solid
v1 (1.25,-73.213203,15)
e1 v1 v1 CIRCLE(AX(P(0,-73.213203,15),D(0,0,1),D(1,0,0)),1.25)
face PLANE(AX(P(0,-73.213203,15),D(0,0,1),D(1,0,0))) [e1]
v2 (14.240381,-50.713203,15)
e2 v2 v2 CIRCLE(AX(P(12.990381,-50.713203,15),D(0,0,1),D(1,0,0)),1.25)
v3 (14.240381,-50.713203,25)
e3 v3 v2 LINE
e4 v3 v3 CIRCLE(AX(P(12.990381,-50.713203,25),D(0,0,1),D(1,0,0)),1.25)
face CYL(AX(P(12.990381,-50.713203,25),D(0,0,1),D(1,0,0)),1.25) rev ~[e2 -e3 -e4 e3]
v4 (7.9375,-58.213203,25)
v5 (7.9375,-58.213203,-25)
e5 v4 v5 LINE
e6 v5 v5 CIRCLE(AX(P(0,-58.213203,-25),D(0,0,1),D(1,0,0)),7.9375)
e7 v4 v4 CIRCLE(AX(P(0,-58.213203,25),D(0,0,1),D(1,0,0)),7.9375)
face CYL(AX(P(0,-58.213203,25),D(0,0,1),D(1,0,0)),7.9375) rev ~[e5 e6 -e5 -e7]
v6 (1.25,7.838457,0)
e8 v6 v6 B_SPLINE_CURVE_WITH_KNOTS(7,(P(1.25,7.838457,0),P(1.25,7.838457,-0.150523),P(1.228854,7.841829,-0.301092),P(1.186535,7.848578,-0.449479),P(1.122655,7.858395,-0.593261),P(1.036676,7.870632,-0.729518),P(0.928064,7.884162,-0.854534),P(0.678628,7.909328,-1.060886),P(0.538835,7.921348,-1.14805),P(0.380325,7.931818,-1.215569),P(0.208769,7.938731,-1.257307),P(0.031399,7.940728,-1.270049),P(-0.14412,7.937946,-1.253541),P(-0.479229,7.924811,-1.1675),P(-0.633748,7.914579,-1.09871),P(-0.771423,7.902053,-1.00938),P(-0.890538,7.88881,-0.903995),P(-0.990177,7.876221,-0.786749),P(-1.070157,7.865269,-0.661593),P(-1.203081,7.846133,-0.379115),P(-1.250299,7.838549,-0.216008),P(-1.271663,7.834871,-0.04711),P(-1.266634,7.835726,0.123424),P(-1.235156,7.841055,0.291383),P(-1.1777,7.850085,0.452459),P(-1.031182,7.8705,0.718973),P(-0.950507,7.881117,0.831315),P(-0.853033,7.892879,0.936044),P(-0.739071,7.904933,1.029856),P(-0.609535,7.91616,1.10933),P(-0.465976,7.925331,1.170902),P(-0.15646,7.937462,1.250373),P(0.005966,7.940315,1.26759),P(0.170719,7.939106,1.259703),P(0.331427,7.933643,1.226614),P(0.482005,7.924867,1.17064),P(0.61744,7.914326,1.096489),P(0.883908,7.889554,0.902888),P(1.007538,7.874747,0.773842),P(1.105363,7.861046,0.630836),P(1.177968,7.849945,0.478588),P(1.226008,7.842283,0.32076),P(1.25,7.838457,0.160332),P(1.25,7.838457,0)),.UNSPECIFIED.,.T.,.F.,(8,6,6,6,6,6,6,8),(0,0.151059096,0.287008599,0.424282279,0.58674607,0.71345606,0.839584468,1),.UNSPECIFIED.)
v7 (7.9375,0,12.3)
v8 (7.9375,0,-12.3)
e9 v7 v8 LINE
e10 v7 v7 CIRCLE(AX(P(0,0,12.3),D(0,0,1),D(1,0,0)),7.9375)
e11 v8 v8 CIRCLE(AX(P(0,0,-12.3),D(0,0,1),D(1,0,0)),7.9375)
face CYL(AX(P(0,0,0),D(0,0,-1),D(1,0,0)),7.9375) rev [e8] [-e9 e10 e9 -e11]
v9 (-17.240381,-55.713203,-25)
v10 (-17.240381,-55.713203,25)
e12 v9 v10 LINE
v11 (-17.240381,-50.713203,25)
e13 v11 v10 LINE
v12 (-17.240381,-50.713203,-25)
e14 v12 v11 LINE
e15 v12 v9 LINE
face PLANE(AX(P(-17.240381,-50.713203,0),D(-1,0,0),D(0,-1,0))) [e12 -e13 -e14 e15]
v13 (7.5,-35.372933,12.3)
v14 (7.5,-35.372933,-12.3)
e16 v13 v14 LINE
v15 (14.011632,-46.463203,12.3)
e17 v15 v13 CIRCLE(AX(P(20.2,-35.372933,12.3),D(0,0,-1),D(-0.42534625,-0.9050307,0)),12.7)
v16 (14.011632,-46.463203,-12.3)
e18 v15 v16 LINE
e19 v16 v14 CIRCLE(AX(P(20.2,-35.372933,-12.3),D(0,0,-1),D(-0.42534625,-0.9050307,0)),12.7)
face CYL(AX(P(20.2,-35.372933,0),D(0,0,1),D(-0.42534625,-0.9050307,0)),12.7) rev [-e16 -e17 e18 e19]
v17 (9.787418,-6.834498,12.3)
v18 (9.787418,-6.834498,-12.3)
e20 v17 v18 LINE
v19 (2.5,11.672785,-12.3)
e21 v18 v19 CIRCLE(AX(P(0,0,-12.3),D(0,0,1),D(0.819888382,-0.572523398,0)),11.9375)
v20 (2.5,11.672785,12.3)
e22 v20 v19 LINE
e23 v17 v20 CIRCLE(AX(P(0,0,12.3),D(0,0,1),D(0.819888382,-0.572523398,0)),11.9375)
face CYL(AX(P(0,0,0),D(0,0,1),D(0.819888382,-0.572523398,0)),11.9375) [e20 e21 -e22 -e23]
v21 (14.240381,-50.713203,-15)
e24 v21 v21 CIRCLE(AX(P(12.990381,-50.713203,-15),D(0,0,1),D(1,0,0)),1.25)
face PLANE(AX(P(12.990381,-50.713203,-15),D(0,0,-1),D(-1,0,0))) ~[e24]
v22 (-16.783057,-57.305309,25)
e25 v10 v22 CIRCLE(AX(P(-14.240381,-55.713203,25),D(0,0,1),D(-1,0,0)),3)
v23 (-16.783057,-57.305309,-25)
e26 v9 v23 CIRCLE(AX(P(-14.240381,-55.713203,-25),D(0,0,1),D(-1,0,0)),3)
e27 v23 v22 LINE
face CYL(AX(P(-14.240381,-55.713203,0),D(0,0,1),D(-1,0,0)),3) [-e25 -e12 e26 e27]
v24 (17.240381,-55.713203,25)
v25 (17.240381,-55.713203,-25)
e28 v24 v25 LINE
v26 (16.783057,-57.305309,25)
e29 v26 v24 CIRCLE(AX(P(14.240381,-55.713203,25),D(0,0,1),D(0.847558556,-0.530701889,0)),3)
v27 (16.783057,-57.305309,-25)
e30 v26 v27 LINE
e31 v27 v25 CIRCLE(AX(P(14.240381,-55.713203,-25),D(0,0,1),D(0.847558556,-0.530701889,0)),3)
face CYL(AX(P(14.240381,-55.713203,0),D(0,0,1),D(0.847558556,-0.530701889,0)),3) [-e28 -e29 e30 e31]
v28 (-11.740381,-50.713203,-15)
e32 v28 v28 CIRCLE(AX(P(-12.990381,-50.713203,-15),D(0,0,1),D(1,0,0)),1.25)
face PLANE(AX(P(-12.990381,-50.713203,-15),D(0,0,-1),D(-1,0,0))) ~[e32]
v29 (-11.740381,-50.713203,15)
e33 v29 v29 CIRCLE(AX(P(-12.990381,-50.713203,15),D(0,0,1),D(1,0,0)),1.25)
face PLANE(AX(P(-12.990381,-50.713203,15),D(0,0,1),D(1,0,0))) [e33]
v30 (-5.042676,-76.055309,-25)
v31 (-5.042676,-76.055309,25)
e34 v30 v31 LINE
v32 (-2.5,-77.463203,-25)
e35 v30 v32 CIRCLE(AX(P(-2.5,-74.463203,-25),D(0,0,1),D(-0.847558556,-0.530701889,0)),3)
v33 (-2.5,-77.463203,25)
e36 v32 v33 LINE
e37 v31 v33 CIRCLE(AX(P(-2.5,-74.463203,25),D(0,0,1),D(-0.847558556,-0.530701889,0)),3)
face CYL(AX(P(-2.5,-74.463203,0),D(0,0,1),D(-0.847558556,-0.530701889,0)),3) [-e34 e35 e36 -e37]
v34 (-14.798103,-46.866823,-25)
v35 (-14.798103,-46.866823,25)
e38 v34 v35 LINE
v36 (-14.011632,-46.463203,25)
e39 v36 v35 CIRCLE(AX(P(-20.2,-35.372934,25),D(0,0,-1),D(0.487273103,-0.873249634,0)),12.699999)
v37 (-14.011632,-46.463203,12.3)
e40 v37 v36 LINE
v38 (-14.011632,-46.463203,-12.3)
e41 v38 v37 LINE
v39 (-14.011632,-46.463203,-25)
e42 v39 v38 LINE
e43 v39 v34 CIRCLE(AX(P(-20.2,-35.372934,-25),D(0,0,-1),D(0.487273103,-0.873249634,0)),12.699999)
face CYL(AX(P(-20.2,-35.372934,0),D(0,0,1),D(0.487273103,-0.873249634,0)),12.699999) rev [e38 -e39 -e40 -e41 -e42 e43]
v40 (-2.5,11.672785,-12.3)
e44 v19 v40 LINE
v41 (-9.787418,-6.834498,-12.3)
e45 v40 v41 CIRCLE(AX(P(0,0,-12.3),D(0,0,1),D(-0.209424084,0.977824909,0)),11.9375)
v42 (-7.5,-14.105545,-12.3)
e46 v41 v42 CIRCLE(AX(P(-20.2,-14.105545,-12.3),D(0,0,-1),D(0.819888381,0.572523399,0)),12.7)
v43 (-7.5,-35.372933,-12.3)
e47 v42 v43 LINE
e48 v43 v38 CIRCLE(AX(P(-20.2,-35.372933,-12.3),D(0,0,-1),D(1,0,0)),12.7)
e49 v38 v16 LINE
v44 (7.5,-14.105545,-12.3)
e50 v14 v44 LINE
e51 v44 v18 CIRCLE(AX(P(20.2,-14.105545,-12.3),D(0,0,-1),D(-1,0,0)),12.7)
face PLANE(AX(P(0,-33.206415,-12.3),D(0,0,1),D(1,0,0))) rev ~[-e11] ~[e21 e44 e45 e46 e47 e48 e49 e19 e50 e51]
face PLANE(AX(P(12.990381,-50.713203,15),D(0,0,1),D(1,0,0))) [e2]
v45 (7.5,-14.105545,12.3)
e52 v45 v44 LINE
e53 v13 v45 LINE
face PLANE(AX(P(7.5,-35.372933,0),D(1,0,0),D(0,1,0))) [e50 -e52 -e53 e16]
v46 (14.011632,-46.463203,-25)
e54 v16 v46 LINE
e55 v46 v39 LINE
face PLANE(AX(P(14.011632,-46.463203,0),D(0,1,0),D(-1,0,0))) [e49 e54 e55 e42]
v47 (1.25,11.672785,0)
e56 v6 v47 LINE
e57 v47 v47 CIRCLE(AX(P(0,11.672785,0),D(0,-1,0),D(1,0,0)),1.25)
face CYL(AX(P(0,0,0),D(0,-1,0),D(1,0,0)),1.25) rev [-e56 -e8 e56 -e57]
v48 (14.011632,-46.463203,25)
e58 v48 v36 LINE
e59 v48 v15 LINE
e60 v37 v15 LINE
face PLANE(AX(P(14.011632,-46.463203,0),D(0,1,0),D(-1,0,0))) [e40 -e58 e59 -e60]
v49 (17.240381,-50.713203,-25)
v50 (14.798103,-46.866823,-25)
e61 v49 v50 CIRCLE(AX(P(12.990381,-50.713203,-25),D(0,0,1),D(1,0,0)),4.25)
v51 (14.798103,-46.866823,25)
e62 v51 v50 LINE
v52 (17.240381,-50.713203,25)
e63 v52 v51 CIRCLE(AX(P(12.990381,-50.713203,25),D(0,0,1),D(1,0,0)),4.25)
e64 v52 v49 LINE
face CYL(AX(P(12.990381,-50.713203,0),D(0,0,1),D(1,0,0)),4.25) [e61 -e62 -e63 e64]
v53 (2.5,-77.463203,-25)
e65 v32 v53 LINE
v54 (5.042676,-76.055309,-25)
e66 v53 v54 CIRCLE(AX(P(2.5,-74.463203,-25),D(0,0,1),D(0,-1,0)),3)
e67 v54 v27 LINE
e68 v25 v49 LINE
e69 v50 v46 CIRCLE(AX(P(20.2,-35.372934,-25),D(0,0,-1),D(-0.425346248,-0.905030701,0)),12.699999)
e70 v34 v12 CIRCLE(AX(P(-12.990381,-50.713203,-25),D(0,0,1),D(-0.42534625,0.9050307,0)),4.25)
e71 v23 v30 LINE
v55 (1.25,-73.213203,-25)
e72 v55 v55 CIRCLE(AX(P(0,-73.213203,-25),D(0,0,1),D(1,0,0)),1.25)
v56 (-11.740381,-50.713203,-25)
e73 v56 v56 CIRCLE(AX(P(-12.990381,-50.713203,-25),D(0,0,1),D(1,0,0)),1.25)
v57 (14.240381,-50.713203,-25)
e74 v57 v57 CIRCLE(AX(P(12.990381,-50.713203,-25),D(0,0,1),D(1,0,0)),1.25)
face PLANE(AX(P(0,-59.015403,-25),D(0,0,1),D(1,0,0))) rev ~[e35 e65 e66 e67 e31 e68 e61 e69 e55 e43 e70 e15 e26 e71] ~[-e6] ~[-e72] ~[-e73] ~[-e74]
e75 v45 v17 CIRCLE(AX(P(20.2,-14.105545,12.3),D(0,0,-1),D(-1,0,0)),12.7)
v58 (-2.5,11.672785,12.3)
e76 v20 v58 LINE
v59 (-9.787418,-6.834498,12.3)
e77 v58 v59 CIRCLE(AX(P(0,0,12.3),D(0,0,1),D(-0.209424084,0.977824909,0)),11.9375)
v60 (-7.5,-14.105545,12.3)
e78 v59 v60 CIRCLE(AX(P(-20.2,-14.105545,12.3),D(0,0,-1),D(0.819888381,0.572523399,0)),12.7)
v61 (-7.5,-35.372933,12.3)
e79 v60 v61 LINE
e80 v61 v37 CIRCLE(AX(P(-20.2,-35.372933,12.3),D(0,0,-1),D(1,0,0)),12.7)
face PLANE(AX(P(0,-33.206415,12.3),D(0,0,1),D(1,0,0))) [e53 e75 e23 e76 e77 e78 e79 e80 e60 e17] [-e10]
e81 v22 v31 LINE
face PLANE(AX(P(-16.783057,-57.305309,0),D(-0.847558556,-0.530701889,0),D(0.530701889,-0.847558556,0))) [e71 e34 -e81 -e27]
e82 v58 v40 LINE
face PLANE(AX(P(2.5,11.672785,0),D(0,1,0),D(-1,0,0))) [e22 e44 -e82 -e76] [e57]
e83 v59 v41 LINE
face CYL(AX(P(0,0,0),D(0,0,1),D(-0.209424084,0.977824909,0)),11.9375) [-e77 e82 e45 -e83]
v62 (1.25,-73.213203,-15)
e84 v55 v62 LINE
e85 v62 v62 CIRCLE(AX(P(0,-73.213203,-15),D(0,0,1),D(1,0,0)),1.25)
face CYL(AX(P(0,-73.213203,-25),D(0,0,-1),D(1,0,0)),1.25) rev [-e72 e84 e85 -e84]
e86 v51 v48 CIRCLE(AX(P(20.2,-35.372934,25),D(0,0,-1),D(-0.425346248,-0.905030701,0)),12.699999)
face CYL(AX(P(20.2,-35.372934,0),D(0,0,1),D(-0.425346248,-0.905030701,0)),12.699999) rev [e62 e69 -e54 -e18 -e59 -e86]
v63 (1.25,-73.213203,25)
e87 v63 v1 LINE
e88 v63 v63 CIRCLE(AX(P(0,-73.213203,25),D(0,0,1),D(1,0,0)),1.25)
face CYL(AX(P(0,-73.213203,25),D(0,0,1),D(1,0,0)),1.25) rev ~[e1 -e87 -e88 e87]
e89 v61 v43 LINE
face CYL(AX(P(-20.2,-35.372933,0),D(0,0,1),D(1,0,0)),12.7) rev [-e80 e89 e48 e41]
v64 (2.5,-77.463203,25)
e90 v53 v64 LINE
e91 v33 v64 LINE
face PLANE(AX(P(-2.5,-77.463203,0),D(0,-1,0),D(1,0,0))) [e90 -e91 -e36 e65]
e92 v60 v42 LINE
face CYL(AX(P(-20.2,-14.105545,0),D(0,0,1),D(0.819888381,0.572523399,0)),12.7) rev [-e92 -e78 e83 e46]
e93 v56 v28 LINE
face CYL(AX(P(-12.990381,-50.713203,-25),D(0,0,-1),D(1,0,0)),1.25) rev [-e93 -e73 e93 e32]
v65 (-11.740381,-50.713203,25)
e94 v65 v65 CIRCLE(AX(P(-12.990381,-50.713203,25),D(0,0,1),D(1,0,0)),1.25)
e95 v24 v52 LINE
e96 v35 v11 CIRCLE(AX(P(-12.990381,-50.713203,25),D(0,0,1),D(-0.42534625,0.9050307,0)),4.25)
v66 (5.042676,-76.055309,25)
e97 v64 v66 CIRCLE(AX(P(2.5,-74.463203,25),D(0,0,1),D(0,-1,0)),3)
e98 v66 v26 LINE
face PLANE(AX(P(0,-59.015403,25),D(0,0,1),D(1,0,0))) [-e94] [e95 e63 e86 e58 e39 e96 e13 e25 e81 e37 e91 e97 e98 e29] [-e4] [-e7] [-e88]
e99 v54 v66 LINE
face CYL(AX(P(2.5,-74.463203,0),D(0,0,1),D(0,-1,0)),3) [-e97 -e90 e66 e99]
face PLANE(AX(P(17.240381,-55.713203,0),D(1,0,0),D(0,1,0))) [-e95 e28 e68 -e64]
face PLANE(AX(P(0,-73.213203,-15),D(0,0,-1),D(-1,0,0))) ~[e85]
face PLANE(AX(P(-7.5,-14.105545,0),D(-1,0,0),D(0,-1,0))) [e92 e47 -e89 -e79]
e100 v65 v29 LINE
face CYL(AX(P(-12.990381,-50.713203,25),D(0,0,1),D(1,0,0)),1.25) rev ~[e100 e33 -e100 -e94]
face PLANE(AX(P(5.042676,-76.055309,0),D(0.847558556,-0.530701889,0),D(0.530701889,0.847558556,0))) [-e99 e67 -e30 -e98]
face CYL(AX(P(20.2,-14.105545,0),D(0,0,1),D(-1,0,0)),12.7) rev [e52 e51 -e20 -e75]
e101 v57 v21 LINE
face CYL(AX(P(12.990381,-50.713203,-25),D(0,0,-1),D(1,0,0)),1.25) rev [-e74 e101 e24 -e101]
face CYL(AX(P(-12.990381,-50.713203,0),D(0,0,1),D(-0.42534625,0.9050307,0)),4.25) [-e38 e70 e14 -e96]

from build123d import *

# Parameters (mm, degrees)
BOSS_EXTRUDE1_DEPTH = 25
SKETCH1_3_R         = 7.9375
BOSS_EXTRUDE2_DEPTH = 12.3
SKETCH3_R           = 1.25
CUT_EXTRUDE1_DEPTH  = 84.203236869
SKETCH4_R           = 1.25
CUT_EXTRUDE2_DEPTH  = 10
SKETCH5_R           = 7.9375
CUT_EXTRUDE3_DEPTH  = 94.796474483


with BuildPart() as part:
    # Sketch1 → Boss-Extrude1 (new, symmetric)
    with BuildSketch(Plane.XY):
        with BuildLine():
            Line((14.011631608, -46.463203436), (-14.011631608, -46.463203436))
            ThreePointArc((-14.011631608, -46.463203436), (-14.401354266, -46.671858143), (-14.798102621, -46.866822962))
            ThreePointArc((-14.798102621, -46.866822962), (-16.578229761, -48.435081034), (-17.240381057, -50.713203436))
            Line((-17.240381057, -50.713203436), (-17.240381057, -55.713203436))
            ThreePointArc((-17.240381057, -55.713203436), (-17.123784168, -56.541446455), (-16.783056724, -57.305309102))
            Line((-16.783056724, -57.305309102), (-5.042675667, -76.055309102))
            ThreePointArc((-5.042675667, -76.055309102), (-3.953217637, -77.087733584), (-2.5, -77.463203436))
            Line((-2.5, -77.463203436), (2.5, -77.463203436))
            ThreePointArc((2.5, -77.463203436), (3.953217637, -77.087733584), (5.042675667, -76.055309102))
            Line((5.042675667, -76.055309102), (16.783056724, -57.305309102))
            ThreePointArc((16.783056724, -57.305309102), (17.123784168, -56.541446455), (17.240381057, -55.713203436))
            Line((17.240381057, -55.713203436), (17.240381057, -50.713203436))
            ThreePointArc((17.240381057, -50.713203436), (16.578229761, -48.435081034), (14.798102621, -46.866822962))
            ThreePointArc((14.798102621, -46.866822962), (14.401354266, -46.671858143), (14.011631608, -46.463203436))
        make_face()
    extrude(amount=BOSS_EXTRUDE1_DEPTH, both=True)

    # Sketch1<3> → Boss-Extrude2 (add, symmetric)
    with BuildSketch(Plane.XY):
        with BuildLine():
            ThreePointArc((-7.5, -35.372933076), (-9.248235791, -41.803241056), (-14.011631608, -46.463203436))
            Line((-14.011631608, -46.463203436), (14.011631608, -46.463203436))
            ThreePointArc((14.011631608, -46.463203436), (9.248235791, -41.803241056), (7.5, -35.372933076))
            Line((7.5, -35.372933076), (7.5, -14.105545231))
            ThreePointArc((7.5, -14.105545231), (8.085343648, -10.294364118), (9.787417555, -6.83449807))
            ThreePointArc((9.787417555, -6.83449807), (11.107431649, 4.373656183), (2.5, 11.672784854))
            Line((2.5, 11.672784854), (-2.5, 11.672784854))
            ThreePointArc((-2.5, 11.672784854), (-11.107431649, 4.373656183), (-9.787417555, -6.83449807))
            ThreePointArc((-9.787417555, -6.83449807), (-8.085343648, -10.294364118), (-7.5, -14.105545231))
            Line((-7.5, -14.105545231), (-7.5, -35.372933076))
        make_face()
        Circle(SKETCH1_3_R, mode=Mode.SUBTRACT)
    extrude(amount=BOSS_EXTRUDE2_DEPTH, both=True)

    # Sketch3 → Cut-Extrude1 (cut, through all)
    with BuildSketch(Plane(origin=(0, 0, 0), x_dir=(1, 0, 0), z_dir=(0, 1, 0))):
        Circle(SKETCH3_R)
    extrude(amount=CUT_EXTRUDE1_DEPTH, mode=Mode.SUBTRACT)

    # Sketch4 → Cut-Extrude2 (cut)
    with BuildSketch(Plane.XY.offset(25)):
        with Locations((-12.990381057, -50.713203436)):
            Circle(SKETCH4_R)
        with Locations((12.990381057, -50.713203436)):
            Circle(SKETCH4_R)
        with Locations((0, -73.213203436)):
            Circle(SKETCH4_R)
    cut_extrude2 = extrude(amount=-CUT_EXTRUDE2_DEPTH, mode=Mode.SUBTRACT)

    # Mirror1: Cut-Extrude2 across plane
    add(cut_extrude2.mirror(Plane.XY), mode=Mode.SUBTRACT)

    # Sketch5 → Cut-Extrude3 (cut, through all)
    with BuildSketch(Plane.XY.offset(25)):
        with Locations((0, -58.213203436)):
            Circle(SKETCH5_R)
    extrude(amount=-CUT_EXTRUDE3_DEPTH, mode=Mode.SUBTRACT)


solid = part.part
